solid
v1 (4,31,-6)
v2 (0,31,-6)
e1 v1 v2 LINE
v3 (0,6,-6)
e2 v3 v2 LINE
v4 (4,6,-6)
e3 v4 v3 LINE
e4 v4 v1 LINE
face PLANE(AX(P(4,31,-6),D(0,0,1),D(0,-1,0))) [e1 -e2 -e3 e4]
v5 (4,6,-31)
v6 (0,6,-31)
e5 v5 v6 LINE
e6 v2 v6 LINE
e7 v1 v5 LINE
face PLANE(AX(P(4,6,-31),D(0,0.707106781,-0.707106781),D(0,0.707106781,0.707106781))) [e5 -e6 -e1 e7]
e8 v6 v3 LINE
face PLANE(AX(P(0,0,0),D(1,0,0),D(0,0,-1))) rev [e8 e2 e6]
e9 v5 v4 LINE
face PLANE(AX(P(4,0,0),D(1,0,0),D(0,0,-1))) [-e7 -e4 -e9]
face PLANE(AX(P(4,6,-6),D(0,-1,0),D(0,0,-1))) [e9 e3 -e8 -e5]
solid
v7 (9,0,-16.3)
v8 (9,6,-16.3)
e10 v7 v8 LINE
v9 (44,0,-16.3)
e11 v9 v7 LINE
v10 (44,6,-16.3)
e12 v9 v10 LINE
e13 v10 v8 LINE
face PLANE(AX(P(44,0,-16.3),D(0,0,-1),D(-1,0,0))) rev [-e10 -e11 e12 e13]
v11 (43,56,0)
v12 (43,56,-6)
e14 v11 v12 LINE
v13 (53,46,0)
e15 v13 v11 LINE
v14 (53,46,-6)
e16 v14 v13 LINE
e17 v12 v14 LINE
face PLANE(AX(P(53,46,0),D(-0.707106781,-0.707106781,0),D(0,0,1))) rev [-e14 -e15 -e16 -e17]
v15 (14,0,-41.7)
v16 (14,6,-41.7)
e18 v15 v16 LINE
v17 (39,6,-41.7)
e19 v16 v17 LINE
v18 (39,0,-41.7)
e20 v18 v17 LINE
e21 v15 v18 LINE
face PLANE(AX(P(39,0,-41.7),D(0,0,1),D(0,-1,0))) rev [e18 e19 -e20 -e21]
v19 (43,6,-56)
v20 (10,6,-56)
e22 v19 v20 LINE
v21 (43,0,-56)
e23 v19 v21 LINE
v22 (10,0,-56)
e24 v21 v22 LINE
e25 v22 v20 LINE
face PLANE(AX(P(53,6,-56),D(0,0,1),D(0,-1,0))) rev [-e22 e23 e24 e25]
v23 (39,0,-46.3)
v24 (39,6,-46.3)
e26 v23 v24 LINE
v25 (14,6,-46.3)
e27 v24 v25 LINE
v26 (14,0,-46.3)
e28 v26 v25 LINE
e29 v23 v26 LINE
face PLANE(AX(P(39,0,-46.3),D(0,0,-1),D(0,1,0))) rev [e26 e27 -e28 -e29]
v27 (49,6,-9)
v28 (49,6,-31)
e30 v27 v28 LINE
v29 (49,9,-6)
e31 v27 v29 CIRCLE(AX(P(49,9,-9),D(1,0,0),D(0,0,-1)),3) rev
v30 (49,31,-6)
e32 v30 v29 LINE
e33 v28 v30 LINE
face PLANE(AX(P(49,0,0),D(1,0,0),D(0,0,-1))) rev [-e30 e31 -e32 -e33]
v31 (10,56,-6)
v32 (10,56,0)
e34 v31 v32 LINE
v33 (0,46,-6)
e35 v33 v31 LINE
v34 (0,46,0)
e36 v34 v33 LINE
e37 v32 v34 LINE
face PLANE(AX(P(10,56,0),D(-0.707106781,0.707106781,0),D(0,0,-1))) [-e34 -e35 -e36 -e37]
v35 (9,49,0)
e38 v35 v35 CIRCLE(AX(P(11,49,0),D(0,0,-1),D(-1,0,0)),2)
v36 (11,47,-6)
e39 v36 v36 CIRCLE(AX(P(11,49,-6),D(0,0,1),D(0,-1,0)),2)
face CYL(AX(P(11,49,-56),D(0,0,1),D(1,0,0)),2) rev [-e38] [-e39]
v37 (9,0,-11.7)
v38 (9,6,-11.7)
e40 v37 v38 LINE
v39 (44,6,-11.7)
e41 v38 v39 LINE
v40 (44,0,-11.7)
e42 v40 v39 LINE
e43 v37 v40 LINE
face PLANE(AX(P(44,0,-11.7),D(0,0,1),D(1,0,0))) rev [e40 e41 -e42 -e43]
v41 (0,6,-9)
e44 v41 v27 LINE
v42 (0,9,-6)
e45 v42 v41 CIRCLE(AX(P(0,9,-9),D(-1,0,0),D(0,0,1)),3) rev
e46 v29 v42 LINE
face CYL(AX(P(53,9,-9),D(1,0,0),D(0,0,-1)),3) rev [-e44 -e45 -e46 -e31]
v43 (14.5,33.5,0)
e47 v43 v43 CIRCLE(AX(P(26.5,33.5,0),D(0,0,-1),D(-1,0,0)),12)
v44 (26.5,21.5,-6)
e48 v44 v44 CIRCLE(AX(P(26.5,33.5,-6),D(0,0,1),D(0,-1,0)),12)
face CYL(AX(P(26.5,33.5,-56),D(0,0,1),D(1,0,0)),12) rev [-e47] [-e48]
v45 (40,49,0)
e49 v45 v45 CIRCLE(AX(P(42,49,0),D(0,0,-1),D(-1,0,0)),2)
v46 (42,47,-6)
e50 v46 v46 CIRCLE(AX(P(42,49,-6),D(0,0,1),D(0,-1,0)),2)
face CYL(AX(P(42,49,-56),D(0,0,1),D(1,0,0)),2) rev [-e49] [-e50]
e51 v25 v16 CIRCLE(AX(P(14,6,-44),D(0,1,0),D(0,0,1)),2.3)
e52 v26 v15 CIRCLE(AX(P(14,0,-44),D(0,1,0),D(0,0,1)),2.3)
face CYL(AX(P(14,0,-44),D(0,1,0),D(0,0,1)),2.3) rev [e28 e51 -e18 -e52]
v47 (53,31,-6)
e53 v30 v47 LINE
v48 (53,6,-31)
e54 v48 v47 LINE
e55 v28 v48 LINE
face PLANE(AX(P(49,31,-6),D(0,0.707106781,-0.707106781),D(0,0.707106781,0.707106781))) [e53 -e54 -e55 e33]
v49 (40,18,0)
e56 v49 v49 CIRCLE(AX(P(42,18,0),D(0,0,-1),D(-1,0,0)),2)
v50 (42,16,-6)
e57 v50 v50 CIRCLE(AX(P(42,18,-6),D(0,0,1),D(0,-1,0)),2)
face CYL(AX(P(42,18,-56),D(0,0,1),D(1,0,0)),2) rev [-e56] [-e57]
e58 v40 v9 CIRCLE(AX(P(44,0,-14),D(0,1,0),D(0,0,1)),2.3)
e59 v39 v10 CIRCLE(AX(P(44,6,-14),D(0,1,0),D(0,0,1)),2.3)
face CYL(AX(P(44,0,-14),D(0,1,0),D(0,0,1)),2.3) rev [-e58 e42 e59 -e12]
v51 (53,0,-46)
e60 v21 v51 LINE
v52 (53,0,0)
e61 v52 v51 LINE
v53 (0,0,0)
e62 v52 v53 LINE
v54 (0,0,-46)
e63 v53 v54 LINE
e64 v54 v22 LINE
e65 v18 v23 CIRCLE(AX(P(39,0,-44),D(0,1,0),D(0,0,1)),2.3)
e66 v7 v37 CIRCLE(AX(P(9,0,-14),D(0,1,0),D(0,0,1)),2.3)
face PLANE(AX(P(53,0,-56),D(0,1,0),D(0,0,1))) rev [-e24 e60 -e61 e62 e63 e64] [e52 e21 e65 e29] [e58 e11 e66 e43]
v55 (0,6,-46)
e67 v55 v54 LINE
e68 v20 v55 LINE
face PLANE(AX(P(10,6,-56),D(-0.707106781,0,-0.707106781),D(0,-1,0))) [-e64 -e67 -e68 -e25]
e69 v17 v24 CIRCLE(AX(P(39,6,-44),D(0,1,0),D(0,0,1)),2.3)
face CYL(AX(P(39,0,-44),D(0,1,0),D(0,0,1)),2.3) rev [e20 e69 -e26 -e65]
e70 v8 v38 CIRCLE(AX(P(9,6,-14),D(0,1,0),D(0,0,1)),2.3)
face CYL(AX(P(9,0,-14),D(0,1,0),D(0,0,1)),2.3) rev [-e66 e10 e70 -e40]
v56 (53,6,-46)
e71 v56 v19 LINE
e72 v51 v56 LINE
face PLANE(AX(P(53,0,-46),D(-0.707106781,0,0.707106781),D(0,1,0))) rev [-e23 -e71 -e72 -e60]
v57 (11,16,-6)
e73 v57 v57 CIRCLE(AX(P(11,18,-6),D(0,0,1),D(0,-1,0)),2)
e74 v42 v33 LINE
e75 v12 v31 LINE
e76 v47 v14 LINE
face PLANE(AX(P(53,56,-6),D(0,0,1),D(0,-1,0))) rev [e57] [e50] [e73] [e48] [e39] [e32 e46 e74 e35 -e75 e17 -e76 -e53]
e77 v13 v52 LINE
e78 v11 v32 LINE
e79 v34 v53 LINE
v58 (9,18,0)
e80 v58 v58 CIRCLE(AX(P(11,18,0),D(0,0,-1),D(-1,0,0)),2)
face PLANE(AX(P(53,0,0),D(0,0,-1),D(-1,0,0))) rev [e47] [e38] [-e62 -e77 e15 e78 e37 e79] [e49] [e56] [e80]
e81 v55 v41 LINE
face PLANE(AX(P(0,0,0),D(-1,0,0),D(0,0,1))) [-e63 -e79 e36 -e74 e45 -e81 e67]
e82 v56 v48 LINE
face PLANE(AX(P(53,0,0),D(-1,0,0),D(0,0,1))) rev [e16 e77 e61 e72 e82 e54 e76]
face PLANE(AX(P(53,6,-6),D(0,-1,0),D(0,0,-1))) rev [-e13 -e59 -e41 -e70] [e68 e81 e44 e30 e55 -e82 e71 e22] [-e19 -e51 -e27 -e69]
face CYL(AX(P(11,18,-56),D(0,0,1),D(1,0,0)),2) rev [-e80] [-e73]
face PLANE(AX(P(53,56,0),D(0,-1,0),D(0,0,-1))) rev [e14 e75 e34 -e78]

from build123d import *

# Parameters (mm, degrees)
EXTRUDE_1_DEPTH          = 53
EXTRUDE_2_DEPTH          = 4
EXTRUDE_3_DEPTH          = 4
CUT_EXTRUDE_1_DEPTH      = 96.294281046
CUT_EXTRUDE_1_DEPTH_BACK = 96.294281046
SKETCH_4_R               = 2
SKETCH_4_R_2             = 12
CHAMFER_1_SIZE           = 10
CUT_EXTRUDE_2_DEPTH      = 92.896681115
CHAMFER_2_SIZE           = 10
FILLET_1_R               = 3


with BuildPart() as part:
    # Эскиз1 → Бобышка-Вытянуть1 (new body)
    with BuildSketch(Plane(origin=(0, 0, 0), x_dir=(0, 0, -1), z_dir=(1, 0, 0))):
        Polygon((0, 0), (0, 56), (6, 56), (6, 6), (56, 6), (56, 0), align=None)
    extrude(amount=EXTRUDE_1_DEPTH)

    # Эскиз2 → Бобышка-Вытянуть2 (add)
    with BuildSketch(Plane(origin=(53, 0, 0), x_dir=(0, 0, -1), z_dir=(1, 0, 0))):
        Polygon((6, 31), (31, 6), (6, 6), align=None)
    extrude(amount=-EXTRUDE_2_DEPTH)

    # Эскиз4 → Вырез-Вытянуть1 (cut, two sides: drawn at the far end of the back side and taken through both)
    with BuildSketch(Plane.XY.offset(-CUT_EXTRUDE_1_DEPTH_BACK)):
        with Locations(Location((11, 49, 0), (0, 0, 270))):
            Circle(SKETCH_4_R)
        with Locations(Location((42, 49, 0), (0, 0, 270))):
            Circle(SKETCH_4_R)
        with Locations(Location((42, 18, 0), (0, 0, 270))):
            Circle(SKETCH_4_R)
        with Locations(Location((11, 18, 0), (0, 0, 270))):
            Circle(SKETCH_4_R)
        with Locations(Location((26.5, 33.5, 0), (0, 0, 270))):
            Circle(SKETCH_4_R_2)
    extrude(amount=CUT_EXTRUDE_1_DEPTH + CUT_EXTRUDE_1_DEPTH_BACK, mode=Mode.SUBTRACT)

    # Фаска1
    chamfer_1_edges = [part.edges().sort_by_distance(p)[0] for p in [
        (53, 56, -3),
        (0, 56, -3),
    ]]
    chamfer(chamfer_1_edges, length=CHAMFER_1_SIZE)

    # Эскиз5 → Вырез-Вытянуть2 (cut, through all)
    with BuildSketch(Plane(origin=(0, 6, 0), x_dir=(1, 0, 0), z_dir=(0, 1, 0))):
        with BuildLine():
            Line((44, 11.7), (9, 11.7))
            ThreePointArc((9, 11.7), (6.7, 14), (9, 16.3))
            Line((9, 16.3), (44, 16.3))
            ThreePointArc((44, 16.3), (46.3, 14), (44, 11.7))
        make_face()
        with BuildLine():
            Line((39, 41.7), (14, 41.7))
            ThreePointArc((14, 41.7), (11.7, 44), (14, 46.3))
            Line((14, 46.3), (39, 46.3))
            ThreePointArc((39, 46.3), (41.3, 44), (39, 41.7))
        make_face()
    extrude(amount=-CUT_EXTRUDE_2_DEPTH, mode=Mode.SUBTRACT)

    # Фаска2
    chamfer_2_edges = [part.edges().sort_by_distance(p)[0] for p in [
        (53, 3, -56),
        (0, 3, -56),
    ]]
    chamfer(chamfer_2_edges, length=CHAMFER_2_SIZE)

    # Скругление1
    fillet_1_edges = [part.edges().sort_by_distance(p)[0] for p in [
        (24.5, 6, -6),
    ]]
    fillet(fillet_1_edges, radius=FILLET_1_R)


with BuildPart() as body_2:
    # Эскиз3 → Бобышка-Вытянуть3 (new body)
    with BuildSketch(Plane.ZY):
        Polygon((-6, 31), (-6, 6), (-31, 6), align=None)
    extrude(amount=-EXTRUDE_3_DEPTH)


solid = Compound([part.part, body_2.part])
